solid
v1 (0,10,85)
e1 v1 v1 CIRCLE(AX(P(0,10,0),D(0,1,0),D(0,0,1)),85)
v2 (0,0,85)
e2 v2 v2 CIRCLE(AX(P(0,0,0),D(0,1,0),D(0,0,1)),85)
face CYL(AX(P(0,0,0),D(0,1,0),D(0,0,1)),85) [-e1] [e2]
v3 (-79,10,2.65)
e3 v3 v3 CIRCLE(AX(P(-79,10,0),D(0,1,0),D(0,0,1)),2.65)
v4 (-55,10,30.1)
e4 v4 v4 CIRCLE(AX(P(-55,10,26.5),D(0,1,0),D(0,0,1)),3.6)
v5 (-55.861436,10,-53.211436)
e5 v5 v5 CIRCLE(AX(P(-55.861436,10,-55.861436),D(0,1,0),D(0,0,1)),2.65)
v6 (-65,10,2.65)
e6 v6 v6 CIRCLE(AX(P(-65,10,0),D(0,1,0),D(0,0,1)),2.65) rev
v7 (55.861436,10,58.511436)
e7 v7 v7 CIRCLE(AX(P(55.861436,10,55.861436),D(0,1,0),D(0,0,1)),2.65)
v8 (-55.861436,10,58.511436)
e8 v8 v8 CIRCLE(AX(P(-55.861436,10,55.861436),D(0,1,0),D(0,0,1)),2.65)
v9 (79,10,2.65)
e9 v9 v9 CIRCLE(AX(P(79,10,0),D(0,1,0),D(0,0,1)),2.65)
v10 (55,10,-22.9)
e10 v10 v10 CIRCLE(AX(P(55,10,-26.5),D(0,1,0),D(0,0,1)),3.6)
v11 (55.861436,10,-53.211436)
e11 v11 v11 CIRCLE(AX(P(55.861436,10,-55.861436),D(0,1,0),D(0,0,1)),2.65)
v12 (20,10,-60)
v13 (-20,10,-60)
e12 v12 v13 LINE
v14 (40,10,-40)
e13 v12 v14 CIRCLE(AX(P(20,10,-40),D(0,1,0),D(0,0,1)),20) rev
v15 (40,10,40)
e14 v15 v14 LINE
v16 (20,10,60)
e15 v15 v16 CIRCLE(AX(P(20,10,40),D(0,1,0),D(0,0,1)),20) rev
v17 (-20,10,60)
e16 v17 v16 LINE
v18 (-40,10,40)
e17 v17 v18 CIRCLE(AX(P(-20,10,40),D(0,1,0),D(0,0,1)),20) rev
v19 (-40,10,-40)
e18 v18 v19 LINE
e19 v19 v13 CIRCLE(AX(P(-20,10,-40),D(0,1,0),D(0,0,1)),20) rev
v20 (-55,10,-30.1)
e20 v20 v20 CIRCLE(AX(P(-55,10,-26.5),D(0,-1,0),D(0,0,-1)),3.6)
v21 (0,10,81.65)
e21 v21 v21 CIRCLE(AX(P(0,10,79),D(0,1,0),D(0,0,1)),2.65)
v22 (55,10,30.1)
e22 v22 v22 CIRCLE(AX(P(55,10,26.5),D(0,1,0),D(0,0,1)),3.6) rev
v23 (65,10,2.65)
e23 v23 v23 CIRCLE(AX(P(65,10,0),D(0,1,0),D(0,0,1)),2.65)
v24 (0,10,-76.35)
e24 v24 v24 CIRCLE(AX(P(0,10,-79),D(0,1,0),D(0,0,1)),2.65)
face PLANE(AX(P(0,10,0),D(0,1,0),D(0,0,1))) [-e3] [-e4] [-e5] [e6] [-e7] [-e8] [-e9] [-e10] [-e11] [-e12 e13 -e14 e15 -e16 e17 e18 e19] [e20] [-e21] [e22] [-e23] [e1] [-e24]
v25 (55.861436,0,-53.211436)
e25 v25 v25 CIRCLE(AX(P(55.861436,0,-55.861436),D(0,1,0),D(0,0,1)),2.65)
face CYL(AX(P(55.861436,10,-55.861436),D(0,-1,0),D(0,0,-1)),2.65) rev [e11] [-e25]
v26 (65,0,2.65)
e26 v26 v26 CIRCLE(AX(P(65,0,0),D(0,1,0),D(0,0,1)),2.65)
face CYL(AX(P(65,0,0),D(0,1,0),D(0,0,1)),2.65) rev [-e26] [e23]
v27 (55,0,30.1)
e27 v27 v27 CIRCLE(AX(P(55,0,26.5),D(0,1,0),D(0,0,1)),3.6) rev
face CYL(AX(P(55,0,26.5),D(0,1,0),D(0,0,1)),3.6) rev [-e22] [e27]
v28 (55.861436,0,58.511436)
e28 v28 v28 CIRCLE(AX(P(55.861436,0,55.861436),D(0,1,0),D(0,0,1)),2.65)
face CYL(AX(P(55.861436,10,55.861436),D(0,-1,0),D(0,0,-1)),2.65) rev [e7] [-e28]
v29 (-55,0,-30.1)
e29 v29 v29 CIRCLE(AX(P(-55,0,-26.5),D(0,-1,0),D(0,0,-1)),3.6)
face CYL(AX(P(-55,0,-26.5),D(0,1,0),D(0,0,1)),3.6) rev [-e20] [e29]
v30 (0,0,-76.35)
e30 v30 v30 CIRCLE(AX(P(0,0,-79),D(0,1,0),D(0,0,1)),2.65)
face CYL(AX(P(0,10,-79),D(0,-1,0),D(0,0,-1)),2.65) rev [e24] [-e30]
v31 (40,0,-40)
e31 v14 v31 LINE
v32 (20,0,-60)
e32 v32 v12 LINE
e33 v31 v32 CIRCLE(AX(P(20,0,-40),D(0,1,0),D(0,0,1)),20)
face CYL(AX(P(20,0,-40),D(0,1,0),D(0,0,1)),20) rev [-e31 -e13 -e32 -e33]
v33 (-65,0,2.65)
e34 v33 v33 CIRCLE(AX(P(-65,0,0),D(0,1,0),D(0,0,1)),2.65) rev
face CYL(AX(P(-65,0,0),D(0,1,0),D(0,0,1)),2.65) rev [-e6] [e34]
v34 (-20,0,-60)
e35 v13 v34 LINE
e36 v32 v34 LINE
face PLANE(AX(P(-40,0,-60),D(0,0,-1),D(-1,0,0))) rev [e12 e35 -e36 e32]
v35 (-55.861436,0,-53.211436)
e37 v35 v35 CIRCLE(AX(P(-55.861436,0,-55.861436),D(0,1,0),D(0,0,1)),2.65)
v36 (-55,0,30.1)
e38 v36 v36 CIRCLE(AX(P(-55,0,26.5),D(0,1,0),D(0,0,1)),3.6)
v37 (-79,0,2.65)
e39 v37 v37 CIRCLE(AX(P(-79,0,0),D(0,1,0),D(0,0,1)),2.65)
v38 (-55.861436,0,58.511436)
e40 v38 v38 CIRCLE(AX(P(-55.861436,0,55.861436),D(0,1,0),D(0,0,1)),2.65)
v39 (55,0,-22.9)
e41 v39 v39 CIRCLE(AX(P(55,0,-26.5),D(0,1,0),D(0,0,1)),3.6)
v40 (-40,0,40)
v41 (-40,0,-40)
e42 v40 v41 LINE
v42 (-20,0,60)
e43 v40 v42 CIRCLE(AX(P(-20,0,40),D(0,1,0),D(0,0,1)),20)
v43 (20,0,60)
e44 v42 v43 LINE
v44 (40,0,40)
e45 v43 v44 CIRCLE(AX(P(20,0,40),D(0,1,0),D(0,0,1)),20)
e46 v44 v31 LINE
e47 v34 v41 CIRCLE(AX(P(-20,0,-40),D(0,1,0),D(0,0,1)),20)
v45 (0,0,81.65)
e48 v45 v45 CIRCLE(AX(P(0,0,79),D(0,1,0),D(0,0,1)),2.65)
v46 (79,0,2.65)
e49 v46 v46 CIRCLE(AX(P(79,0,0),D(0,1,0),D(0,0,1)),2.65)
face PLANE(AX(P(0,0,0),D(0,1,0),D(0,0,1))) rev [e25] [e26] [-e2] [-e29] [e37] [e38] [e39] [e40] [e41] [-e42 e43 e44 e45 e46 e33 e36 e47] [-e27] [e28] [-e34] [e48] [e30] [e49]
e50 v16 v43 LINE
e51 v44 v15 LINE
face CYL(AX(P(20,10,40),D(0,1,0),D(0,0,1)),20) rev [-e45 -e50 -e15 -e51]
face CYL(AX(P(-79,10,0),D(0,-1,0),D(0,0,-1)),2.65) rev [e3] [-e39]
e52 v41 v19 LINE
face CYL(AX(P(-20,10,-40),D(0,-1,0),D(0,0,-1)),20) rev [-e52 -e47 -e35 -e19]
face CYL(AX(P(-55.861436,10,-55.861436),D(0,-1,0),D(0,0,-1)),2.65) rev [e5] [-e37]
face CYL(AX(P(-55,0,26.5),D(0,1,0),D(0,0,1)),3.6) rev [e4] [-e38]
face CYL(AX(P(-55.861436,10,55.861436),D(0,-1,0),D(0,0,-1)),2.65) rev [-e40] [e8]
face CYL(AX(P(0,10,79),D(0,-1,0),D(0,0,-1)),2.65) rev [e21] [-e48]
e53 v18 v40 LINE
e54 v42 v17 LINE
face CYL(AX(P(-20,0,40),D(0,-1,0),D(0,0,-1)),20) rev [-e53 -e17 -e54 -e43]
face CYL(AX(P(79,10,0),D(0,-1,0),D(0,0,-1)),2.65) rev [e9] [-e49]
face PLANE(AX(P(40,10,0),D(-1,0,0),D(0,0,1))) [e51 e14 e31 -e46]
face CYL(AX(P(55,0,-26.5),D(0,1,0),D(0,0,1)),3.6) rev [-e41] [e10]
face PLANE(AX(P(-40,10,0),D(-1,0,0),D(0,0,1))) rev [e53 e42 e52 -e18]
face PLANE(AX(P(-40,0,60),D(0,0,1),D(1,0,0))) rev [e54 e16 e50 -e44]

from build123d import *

# Parameters (mm, degrees)
SKETCH_1_R          = 85.5
SKETCH_1_R_2        = 2.65
SKETCH_1_W          = 80
SKETCH_1_H          = 100
EXTRUDE_3_DEPTH     = 10
SKETCH_10_R         = 3.6
SKETCH_10_R_2       = 2.65
CUT_EXTRUDE_2_DEPTH = 10
SKETCH_11_W         = 80
SKETCH_11_H         = 120
CUT_EXTRUDE_3_DEPTH = 10
FILLET_1_R          = 20
CUT_EXTRUDE_START   = -10
SKETCH_12_R         = 85.5
SKETCH_12_R_2       = 85
CUT_EXTRUDE_4_DEPTH = 10


with BuildPart() as part:
    # 草图1 → 凸台-拉伸3 (new body)
    with BuildSketch(Plane(origin=(0, 0, 0), x_dir=(1, 0, 0), z_dir=(0, 1, 0))):
        with Locations(Location((0, 0, 0), (0, 0, 270))):
            Circle(SKETCH_1_R)
        with Locations(Location((0, 79, 0), (0, 0, 270))):
            Circle(SKETCH_1_R_2, mode=Mode.SUBTRACT)
        with Locations(Location((55.861435714, 55.861435714, 0), (0, 0, 270))):
            Circle(SKETCH_1_R_2, mode=Mode.SUBTRACT)
        with Locations(Location((79, 0, 0), (0, 0, 270))):
            Circle(SKETCH_1_R_2, mode=Mode.SUBTRACT)
        with Locations(Location((55.861435714, -55.861435714, 0), (0, 0, 270))):
            Circle(SKETCH_1_R_2, mode=Mode.SUBTRACT)
        with Locations(Location((0, -79, 0), (0, 0, 270))):
            Circle(SKETCH_1_R_2, mode=Mode.SUBTRACT)
        with Locations(Location((-55.861435714, -55.861435714, 0), (0, 0, 270))):
            Circle(SKETCH_1_R_2, mode=Mode.SUBTRACT)
        with Locations(Location((-79, 0, 0), (0, 0, 270))):
            Circle(SKETCH_1_R_2, mode=Mode.SUBTRACT)
        with Locations(Location((-55.861435714, 55.861435714, 0), (0, 0, 270))):
            Circle(SKETCH_1_R_2, mode=Mode.SUBTRACT)
        Rectangle(SKETCH_1_W, SKETCH_1_H, mode=Mode.SUBTRACT)
    extrude(amount=EXTRUDE_3_DEPTH)

    # 草图10 → 切除-拉伸2 (cut)
    with BuildSketch(Plane(origin=(0, 10, 0), x_dir=(1, 0, 0), z_dir=(0, 1, 0))):
        with Locations(Location((55, 26.5, 0), (0, 0, 270))):
            Circle(SKETCH_10_R)
        with Locations(Location((65, 0, 0), (0, 0, 270))):
            Circle(SKETCH_10_R_2)
        with Locations(Location((55, -26.5, 0), (0, 0, 270))):
            Circle(SKETCH_10_R)
        with Locations(Location((-55, -26.5, 0), (0, 0, 270))):
            Circle(SKETCH_10_R)
        with Locations(Location((-55, 26.5, 0), (0, 0, 90))):
            Circle(SKETCH_10_R)
        with Locations(Location((-65, 0, 0), (0, 0, 270))):
            Circle(SKETCH_10_R_2)
    extrude(amount=-CUT_EXTRUDE_2_DEPTH, mode=Mode.SUBTRACT)

    # 草图11 → 切除-拉伸3 (cut)
    with BuildSketch(Plane(origin=(0, 10, 0), x_dir=(1, 0, 0), z_dir=(0, 1, 0))):
        Rectangle(SKETCH_11_W, SKETCH_11_H)
    extrude(amount=-CUT_EXTRUDE_3_DEPTH, mode=Mode.SUBTRACT)

    # 圆角1
    fillet_1_edges = [part.edges().sort_by_distance(p)[0] for p in [
        (40, 5, -60),
        (40, 5, 60),
        (-40, 5, 60),
        (-40, 5, -60),
    ]]
    fillet(fillet_1_edges, radius=FILLET_1_R)

    # 草图12 → 切除-拉伸4 (cut)
    with BuildSketch(Plane(origin=(0, 10, 0), x_dir=(1, 0, 0), z_dir=(0, 1, 0)).offset(CUT_EXTRUDE_START)):
        Circle(SKETCH_12_R)
        with Locations(Location((0, 0, 0), (0, 0, 270))):
            Circle(SKETCH_12_R_2, mode=Mode.SUBTRACT)
    extrude(amount=CUT_EXTRUDE_4_DEPTH, mode=Mode.SUBTRACT)


solid = part.part
